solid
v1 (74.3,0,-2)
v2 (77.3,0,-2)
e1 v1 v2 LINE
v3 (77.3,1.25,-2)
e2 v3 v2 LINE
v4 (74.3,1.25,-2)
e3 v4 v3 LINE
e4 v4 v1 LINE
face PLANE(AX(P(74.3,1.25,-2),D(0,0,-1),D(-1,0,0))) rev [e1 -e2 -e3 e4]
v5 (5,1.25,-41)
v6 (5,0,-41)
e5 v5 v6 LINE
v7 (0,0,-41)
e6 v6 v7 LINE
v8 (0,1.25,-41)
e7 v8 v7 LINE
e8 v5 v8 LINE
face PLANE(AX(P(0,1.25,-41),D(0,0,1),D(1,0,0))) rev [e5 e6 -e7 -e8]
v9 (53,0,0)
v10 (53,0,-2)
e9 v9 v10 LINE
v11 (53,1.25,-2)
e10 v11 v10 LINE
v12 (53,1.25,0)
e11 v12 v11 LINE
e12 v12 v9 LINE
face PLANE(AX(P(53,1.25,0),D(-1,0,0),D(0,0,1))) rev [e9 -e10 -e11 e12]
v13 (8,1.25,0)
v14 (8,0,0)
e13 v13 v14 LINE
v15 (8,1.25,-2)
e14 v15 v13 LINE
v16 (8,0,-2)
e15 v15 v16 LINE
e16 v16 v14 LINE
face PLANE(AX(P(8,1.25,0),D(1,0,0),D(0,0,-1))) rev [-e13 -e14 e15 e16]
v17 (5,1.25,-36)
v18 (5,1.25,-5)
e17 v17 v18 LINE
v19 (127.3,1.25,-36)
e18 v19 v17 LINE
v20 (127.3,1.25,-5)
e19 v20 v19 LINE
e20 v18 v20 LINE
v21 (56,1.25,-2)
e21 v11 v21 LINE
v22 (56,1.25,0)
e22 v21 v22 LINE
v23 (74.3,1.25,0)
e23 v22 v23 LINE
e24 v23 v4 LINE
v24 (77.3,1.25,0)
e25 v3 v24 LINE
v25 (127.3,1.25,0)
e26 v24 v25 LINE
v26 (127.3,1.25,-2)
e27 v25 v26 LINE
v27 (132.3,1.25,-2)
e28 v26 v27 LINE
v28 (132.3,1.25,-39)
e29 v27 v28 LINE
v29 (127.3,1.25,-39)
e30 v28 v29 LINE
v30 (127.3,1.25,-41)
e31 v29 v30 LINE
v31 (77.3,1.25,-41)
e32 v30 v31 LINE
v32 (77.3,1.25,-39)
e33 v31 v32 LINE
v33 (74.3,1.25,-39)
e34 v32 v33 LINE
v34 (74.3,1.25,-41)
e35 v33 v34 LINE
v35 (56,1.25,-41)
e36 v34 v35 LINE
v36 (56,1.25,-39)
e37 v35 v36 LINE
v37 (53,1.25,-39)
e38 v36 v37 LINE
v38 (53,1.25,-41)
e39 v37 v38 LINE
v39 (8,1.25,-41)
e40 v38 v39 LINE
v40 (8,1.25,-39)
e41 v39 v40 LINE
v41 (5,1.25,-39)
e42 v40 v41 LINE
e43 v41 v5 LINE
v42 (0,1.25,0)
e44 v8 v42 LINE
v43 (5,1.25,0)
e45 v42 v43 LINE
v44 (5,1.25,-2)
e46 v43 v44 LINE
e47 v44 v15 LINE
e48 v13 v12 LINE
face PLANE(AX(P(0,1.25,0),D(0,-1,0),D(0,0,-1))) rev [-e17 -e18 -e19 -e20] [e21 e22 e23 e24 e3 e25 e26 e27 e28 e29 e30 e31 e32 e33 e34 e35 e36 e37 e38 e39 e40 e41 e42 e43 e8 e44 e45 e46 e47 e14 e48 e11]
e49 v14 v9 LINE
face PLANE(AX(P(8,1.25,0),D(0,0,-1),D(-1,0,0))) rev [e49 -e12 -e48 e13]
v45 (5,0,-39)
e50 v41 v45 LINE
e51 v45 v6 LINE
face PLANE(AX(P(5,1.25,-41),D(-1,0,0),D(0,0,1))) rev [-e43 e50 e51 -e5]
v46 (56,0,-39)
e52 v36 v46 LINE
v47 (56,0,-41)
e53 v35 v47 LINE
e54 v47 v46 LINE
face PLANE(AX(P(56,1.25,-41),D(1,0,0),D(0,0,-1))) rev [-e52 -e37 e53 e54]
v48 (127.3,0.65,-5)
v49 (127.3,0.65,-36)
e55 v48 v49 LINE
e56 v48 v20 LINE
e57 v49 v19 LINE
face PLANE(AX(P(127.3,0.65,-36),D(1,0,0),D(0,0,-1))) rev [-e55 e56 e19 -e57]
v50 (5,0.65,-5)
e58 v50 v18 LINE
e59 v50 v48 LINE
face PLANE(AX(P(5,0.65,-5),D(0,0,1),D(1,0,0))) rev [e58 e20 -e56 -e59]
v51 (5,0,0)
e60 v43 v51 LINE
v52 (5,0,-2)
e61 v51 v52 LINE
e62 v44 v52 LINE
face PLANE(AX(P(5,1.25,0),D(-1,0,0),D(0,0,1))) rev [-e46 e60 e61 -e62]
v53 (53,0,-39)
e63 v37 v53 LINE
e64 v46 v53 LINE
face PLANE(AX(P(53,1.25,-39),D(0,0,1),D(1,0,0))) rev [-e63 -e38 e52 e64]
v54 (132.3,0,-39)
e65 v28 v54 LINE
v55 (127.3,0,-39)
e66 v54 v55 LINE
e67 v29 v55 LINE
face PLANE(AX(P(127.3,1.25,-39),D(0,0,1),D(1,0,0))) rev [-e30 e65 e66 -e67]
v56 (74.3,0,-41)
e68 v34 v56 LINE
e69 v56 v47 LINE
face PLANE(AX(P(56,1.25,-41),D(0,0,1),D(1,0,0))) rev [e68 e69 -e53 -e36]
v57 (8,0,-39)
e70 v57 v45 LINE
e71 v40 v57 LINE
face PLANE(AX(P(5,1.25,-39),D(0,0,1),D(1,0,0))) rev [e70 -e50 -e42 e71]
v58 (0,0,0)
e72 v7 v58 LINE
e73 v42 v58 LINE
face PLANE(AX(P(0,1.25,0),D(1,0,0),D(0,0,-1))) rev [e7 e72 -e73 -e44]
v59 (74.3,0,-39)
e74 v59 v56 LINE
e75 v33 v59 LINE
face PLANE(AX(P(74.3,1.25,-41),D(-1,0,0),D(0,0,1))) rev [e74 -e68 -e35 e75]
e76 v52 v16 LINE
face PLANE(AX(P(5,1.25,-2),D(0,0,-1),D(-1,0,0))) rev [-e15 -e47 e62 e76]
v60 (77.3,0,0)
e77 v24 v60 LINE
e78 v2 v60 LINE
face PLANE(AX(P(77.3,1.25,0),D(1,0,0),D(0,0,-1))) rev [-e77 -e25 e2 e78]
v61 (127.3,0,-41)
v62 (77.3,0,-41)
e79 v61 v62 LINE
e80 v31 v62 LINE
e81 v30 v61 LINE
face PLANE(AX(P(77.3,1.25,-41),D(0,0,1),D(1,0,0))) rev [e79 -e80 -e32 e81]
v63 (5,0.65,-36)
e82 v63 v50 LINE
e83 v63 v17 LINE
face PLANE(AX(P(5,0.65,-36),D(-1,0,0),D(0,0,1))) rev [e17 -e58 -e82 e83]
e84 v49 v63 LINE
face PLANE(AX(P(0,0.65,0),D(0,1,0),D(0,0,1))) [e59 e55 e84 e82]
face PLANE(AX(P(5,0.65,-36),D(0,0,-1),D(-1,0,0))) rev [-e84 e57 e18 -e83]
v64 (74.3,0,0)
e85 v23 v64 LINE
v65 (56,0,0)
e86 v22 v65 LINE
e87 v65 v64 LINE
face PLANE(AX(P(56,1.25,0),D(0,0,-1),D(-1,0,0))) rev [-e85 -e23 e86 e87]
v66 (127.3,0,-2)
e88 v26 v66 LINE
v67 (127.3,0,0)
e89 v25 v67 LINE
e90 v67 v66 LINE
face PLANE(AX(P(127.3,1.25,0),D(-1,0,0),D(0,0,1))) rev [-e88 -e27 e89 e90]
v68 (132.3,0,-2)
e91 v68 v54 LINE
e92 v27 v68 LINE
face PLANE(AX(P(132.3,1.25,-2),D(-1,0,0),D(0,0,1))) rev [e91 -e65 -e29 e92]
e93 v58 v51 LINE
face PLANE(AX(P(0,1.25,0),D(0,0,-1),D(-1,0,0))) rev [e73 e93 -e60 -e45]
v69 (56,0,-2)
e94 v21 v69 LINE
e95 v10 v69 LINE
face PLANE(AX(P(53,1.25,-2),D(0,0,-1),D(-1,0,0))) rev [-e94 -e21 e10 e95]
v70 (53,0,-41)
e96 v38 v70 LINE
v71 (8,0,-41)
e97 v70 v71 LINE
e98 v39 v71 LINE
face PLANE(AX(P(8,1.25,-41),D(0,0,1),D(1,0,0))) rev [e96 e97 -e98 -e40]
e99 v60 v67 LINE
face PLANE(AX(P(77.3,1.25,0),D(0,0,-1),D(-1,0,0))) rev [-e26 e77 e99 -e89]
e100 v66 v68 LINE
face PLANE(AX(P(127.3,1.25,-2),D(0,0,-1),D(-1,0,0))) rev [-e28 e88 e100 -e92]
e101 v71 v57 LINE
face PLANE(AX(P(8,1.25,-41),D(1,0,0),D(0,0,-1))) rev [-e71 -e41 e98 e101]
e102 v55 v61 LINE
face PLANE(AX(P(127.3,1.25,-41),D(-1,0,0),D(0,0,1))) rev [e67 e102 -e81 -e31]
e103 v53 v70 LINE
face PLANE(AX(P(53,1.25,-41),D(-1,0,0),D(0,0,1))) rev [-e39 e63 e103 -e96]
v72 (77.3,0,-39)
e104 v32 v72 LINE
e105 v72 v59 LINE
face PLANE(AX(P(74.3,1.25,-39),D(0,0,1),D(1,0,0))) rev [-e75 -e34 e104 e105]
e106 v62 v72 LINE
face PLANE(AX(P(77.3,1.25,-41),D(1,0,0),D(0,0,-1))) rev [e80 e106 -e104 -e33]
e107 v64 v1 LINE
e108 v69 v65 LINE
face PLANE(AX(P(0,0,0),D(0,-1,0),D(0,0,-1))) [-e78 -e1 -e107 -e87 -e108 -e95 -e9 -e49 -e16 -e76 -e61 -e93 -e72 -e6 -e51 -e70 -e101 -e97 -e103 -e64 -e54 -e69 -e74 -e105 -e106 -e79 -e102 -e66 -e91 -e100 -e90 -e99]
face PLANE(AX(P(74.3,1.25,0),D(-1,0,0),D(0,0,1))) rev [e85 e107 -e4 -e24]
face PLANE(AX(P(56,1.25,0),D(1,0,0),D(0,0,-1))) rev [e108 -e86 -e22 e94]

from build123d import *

# Parameters (mm, degrees)
BOSS_EXTRUDE1_DEPTH = 1.25
SKETCH2_W           = 122.3
SKETCH2_H           = 31
CUT_EXTRUDE1_DEPTH  = 0.6


with BuildPart() as part:
    # Sketch1 → Boss-Extrude1 (new body)
    with BuildSketch(Plane(origin=(0, 0, 0), x_dir=(1, 0, 0), z_dir=(0, 1, 0))):
        Polygon((8, 0), (53, 0), (53, 2), (56, 2), (56, 0), (74.3, 0), (74.3, 2), (77.3, 2), (77.3, 0), (127.3, 0), (127.3, 2), (132.3, 2), (132.3, 39), (127.3, 39), (127.3, 41), (77.3, 41), (77.3, 39), (74.3, 39), (74.3, 41), (56, 41), (56, 39), (53, 39), (53, 41), (8, 41), (8, 39), (5, 39), (5, 41), (0, 41), (0, 0), (5, 0), (5, 2), (8, 2), align=None)
    extrude(amount=BOSS_EXTRUDE1_DEPTH)

    # Sketch2 → Cut-Extrude1 (cut)
    with BuildSketch(Plane(origin=(0, 1.25, 0), x_dir=(1, 0, 0), z_dir=(0, 1, 0))):
        with Locations((66.15, 20.5)):
            Rectangle(SKETCH2_W, SKETCH2_H)
    extrude(amount=-CUT_EXTRUDE1_DEPTH, mode=Mode.SUBTRACT)


solid = part.part
